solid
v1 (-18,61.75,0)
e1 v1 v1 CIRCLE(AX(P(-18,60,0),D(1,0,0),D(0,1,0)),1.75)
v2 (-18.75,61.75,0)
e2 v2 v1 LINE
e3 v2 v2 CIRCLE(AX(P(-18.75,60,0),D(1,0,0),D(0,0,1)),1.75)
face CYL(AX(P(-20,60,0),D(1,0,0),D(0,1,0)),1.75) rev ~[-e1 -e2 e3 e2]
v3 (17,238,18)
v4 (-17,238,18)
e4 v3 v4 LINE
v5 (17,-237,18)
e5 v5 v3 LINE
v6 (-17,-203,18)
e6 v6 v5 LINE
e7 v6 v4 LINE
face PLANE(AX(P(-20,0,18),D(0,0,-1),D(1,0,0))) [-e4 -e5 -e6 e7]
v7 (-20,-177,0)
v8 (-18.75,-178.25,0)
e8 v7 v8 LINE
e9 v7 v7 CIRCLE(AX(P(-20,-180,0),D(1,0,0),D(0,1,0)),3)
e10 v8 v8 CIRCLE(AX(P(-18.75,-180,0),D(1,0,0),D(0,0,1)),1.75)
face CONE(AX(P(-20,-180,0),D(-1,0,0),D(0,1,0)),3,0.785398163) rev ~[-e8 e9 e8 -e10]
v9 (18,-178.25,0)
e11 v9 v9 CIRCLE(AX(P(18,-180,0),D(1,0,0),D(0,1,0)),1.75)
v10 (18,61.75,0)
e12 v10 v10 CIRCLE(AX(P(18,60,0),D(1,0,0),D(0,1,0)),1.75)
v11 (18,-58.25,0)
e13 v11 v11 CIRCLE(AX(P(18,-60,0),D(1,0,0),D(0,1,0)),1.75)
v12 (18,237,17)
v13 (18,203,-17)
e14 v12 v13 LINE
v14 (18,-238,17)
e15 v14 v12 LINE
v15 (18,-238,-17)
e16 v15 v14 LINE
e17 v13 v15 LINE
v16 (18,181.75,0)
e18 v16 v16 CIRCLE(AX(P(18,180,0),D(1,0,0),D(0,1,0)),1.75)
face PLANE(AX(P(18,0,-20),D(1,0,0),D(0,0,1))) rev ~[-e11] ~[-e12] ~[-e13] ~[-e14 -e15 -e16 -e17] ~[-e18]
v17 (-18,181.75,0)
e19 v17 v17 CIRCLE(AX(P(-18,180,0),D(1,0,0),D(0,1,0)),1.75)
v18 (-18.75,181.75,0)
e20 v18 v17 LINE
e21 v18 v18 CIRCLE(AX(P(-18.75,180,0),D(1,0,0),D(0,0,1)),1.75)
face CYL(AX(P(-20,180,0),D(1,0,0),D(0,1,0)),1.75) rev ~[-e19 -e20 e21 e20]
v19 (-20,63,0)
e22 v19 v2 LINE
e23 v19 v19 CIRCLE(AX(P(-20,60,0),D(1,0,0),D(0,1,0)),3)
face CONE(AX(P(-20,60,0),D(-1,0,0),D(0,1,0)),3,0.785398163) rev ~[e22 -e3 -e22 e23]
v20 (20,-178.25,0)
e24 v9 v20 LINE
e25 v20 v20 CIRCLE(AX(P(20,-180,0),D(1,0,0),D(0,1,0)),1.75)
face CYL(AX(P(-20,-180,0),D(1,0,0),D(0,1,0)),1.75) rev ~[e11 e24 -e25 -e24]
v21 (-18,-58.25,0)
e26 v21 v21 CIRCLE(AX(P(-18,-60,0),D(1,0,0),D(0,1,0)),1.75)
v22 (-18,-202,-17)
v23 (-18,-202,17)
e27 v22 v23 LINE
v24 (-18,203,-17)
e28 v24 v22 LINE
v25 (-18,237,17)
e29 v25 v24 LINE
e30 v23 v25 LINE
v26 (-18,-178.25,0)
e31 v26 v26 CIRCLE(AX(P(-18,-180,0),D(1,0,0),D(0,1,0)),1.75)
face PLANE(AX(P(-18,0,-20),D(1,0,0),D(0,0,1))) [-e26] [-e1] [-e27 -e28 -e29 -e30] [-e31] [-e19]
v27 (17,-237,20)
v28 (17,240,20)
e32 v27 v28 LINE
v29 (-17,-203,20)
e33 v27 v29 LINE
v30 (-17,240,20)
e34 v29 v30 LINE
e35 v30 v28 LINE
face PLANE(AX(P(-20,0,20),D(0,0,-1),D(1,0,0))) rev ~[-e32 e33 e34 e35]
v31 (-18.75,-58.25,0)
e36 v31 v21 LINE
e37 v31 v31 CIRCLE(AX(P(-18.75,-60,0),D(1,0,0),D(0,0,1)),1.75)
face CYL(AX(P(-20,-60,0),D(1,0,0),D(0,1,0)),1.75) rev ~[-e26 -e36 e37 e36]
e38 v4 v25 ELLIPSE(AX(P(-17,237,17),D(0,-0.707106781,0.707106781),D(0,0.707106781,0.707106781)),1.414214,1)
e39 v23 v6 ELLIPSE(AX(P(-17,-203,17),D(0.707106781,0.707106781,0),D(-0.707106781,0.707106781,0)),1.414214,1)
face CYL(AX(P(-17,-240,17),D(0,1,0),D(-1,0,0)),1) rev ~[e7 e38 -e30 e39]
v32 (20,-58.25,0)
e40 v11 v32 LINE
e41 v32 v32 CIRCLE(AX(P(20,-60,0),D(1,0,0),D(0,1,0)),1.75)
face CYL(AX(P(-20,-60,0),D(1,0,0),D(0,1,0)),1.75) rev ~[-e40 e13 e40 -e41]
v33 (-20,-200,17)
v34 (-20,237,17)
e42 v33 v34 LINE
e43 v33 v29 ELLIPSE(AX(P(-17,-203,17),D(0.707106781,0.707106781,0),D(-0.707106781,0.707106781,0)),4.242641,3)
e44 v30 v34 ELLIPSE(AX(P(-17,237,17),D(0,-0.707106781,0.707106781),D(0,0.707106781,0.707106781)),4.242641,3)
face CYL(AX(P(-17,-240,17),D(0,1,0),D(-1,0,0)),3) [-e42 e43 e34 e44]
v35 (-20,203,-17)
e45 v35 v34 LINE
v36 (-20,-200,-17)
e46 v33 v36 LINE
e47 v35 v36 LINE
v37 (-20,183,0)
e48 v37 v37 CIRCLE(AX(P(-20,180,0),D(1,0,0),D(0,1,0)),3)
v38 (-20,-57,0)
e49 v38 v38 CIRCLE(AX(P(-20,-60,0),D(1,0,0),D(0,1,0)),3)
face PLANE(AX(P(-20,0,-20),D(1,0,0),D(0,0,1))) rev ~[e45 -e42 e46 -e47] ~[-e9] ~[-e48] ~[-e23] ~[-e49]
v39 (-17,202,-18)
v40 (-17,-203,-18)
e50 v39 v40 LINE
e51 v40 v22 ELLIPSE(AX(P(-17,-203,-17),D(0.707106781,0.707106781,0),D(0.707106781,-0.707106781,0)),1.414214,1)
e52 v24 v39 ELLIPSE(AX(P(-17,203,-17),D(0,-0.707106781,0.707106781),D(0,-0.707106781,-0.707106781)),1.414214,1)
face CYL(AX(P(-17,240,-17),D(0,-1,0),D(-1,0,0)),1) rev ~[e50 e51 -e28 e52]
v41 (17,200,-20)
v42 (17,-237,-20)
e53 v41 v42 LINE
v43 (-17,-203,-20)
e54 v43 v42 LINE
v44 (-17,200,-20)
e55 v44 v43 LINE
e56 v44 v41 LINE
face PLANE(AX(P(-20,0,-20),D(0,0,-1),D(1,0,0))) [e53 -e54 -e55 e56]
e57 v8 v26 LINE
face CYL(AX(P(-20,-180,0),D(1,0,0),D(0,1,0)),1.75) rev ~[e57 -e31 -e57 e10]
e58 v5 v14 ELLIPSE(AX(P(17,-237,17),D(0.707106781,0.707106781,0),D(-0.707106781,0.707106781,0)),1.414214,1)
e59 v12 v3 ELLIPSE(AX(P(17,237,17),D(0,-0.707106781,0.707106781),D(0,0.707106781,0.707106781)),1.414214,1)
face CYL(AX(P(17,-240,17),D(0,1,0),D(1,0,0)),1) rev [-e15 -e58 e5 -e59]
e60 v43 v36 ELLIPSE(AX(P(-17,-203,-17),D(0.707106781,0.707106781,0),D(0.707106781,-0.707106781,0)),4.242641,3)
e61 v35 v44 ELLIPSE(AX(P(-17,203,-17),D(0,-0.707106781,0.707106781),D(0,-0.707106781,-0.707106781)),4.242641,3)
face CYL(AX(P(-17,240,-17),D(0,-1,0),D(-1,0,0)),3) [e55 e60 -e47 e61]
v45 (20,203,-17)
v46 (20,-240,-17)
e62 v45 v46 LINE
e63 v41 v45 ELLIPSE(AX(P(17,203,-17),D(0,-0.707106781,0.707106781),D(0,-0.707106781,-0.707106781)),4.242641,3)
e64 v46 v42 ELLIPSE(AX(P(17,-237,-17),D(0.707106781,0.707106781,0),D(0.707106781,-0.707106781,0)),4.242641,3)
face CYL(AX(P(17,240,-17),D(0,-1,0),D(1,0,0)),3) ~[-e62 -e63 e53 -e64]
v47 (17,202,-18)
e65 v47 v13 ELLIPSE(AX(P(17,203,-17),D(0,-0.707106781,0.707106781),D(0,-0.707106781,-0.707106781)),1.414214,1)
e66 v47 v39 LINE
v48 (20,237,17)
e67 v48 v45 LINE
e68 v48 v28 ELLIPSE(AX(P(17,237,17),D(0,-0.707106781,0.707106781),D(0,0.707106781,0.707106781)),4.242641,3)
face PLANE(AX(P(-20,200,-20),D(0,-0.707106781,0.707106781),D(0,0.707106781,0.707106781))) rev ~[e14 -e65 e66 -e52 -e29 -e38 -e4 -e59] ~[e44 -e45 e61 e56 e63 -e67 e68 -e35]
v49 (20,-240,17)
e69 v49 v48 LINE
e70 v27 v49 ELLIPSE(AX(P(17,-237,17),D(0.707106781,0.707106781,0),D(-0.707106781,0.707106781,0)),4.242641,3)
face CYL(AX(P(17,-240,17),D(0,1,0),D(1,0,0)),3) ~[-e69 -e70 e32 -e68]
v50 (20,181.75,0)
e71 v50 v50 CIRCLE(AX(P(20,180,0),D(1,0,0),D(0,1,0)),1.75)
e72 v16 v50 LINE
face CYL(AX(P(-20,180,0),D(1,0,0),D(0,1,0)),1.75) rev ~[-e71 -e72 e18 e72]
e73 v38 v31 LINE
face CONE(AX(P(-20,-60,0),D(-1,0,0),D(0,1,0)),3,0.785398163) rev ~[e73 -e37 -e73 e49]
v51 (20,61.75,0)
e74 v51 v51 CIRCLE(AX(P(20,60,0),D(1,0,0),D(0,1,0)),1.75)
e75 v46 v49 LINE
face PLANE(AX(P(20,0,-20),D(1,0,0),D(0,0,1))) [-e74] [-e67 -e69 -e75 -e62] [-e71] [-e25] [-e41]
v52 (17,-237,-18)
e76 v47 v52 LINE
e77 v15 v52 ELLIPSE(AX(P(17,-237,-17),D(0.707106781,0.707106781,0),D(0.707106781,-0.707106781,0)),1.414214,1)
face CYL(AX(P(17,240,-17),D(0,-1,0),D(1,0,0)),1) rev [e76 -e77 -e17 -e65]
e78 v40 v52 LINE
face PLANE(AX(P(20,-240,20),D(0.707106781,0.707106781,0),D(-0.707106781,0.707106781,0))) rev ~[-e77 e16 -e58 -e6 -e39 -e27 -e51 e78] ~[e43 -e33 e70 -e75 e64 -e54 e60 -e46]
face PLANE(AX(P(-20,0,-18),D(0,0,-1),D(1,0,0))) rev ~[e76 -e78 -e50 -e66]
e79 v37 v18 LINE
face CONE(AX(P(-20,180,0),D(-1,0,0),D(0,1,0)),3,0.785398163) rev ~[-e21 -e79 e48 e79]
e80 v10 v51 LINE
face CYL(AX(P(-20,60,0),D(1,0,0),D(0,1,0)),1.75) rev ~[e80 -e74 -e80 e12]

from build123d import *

# Parameters (mm, degrees)
F2_W            = 40
F2_H            = 40
F3_DEPTH        = 240
F4_R            = 3
F5_T            = -2
F7_DEPTH        = 40.001
F9_DEPTH        = 40.001
F11_D           = 3.5
F11_CSINK_D     = 6
F11_CSINK_ANGLE = 90


with BuildPart() as f3:
    # F2 (on Front) → F3 (new body, symmetric)
    with BuildSketch(Plane.XZ):
        Rectangle(F2_W, F2_H)
    extrude(amount=F3_DEPTH, both=True)

    # F4
    f4_edges = [f3.edges().sort_by_distance(p)[0] for p in [
        (20, 0, 20),
        (-20, 0, 20),
        (20, 0, -20),
        (-20, 0, -20),
    ]]
    fillet(f4_edges, radius=F4_R)

    # F5
    f5_openings = [f3.faces().sort_by_distance(p)[0] for p in [
        (0, -240, 0),
        (0, 240, 0),
    ]]
    offset(amount=F5_T, openings=f5_openings)

    # F6 (on face) → F7 (cut, through all)
    with BuildSketch(Plane(origin=(-20, 0, 0), x_dir=(0, -1, 0), z_dir=(-1, 0, 0))):
        Polygon((-240, 20), (-240, -20), (-200, -20), align=None)
    extrude(amount=-F7_DEPTH, mode=Mode.SUBTRACT)

    # F8 (on face) → F9 (cut, through all)
    with BuildSketch(Plane.XY.offset(20)):
        Polygon((-20, -200), (-20, -240), (20, -240), align=None)
    extrude(amount=-F9_DEPTH, mode=Mode.SUBTRACT)

    # F11 (through all)
    with Locations(Plane(origin=(-20, 0, 0), x_dir=(0, -1, 0), z_dir=(-1, 0, 0))):
        with Locations((-180, 0), (-60, 0), (60, 0), (180, 0)):
            CounterSinkHole(F11_D / 2, F11_CSINK_D / 2, counter_sink_angle=F11_CSINK_ANGLE)


solid = f3.part
